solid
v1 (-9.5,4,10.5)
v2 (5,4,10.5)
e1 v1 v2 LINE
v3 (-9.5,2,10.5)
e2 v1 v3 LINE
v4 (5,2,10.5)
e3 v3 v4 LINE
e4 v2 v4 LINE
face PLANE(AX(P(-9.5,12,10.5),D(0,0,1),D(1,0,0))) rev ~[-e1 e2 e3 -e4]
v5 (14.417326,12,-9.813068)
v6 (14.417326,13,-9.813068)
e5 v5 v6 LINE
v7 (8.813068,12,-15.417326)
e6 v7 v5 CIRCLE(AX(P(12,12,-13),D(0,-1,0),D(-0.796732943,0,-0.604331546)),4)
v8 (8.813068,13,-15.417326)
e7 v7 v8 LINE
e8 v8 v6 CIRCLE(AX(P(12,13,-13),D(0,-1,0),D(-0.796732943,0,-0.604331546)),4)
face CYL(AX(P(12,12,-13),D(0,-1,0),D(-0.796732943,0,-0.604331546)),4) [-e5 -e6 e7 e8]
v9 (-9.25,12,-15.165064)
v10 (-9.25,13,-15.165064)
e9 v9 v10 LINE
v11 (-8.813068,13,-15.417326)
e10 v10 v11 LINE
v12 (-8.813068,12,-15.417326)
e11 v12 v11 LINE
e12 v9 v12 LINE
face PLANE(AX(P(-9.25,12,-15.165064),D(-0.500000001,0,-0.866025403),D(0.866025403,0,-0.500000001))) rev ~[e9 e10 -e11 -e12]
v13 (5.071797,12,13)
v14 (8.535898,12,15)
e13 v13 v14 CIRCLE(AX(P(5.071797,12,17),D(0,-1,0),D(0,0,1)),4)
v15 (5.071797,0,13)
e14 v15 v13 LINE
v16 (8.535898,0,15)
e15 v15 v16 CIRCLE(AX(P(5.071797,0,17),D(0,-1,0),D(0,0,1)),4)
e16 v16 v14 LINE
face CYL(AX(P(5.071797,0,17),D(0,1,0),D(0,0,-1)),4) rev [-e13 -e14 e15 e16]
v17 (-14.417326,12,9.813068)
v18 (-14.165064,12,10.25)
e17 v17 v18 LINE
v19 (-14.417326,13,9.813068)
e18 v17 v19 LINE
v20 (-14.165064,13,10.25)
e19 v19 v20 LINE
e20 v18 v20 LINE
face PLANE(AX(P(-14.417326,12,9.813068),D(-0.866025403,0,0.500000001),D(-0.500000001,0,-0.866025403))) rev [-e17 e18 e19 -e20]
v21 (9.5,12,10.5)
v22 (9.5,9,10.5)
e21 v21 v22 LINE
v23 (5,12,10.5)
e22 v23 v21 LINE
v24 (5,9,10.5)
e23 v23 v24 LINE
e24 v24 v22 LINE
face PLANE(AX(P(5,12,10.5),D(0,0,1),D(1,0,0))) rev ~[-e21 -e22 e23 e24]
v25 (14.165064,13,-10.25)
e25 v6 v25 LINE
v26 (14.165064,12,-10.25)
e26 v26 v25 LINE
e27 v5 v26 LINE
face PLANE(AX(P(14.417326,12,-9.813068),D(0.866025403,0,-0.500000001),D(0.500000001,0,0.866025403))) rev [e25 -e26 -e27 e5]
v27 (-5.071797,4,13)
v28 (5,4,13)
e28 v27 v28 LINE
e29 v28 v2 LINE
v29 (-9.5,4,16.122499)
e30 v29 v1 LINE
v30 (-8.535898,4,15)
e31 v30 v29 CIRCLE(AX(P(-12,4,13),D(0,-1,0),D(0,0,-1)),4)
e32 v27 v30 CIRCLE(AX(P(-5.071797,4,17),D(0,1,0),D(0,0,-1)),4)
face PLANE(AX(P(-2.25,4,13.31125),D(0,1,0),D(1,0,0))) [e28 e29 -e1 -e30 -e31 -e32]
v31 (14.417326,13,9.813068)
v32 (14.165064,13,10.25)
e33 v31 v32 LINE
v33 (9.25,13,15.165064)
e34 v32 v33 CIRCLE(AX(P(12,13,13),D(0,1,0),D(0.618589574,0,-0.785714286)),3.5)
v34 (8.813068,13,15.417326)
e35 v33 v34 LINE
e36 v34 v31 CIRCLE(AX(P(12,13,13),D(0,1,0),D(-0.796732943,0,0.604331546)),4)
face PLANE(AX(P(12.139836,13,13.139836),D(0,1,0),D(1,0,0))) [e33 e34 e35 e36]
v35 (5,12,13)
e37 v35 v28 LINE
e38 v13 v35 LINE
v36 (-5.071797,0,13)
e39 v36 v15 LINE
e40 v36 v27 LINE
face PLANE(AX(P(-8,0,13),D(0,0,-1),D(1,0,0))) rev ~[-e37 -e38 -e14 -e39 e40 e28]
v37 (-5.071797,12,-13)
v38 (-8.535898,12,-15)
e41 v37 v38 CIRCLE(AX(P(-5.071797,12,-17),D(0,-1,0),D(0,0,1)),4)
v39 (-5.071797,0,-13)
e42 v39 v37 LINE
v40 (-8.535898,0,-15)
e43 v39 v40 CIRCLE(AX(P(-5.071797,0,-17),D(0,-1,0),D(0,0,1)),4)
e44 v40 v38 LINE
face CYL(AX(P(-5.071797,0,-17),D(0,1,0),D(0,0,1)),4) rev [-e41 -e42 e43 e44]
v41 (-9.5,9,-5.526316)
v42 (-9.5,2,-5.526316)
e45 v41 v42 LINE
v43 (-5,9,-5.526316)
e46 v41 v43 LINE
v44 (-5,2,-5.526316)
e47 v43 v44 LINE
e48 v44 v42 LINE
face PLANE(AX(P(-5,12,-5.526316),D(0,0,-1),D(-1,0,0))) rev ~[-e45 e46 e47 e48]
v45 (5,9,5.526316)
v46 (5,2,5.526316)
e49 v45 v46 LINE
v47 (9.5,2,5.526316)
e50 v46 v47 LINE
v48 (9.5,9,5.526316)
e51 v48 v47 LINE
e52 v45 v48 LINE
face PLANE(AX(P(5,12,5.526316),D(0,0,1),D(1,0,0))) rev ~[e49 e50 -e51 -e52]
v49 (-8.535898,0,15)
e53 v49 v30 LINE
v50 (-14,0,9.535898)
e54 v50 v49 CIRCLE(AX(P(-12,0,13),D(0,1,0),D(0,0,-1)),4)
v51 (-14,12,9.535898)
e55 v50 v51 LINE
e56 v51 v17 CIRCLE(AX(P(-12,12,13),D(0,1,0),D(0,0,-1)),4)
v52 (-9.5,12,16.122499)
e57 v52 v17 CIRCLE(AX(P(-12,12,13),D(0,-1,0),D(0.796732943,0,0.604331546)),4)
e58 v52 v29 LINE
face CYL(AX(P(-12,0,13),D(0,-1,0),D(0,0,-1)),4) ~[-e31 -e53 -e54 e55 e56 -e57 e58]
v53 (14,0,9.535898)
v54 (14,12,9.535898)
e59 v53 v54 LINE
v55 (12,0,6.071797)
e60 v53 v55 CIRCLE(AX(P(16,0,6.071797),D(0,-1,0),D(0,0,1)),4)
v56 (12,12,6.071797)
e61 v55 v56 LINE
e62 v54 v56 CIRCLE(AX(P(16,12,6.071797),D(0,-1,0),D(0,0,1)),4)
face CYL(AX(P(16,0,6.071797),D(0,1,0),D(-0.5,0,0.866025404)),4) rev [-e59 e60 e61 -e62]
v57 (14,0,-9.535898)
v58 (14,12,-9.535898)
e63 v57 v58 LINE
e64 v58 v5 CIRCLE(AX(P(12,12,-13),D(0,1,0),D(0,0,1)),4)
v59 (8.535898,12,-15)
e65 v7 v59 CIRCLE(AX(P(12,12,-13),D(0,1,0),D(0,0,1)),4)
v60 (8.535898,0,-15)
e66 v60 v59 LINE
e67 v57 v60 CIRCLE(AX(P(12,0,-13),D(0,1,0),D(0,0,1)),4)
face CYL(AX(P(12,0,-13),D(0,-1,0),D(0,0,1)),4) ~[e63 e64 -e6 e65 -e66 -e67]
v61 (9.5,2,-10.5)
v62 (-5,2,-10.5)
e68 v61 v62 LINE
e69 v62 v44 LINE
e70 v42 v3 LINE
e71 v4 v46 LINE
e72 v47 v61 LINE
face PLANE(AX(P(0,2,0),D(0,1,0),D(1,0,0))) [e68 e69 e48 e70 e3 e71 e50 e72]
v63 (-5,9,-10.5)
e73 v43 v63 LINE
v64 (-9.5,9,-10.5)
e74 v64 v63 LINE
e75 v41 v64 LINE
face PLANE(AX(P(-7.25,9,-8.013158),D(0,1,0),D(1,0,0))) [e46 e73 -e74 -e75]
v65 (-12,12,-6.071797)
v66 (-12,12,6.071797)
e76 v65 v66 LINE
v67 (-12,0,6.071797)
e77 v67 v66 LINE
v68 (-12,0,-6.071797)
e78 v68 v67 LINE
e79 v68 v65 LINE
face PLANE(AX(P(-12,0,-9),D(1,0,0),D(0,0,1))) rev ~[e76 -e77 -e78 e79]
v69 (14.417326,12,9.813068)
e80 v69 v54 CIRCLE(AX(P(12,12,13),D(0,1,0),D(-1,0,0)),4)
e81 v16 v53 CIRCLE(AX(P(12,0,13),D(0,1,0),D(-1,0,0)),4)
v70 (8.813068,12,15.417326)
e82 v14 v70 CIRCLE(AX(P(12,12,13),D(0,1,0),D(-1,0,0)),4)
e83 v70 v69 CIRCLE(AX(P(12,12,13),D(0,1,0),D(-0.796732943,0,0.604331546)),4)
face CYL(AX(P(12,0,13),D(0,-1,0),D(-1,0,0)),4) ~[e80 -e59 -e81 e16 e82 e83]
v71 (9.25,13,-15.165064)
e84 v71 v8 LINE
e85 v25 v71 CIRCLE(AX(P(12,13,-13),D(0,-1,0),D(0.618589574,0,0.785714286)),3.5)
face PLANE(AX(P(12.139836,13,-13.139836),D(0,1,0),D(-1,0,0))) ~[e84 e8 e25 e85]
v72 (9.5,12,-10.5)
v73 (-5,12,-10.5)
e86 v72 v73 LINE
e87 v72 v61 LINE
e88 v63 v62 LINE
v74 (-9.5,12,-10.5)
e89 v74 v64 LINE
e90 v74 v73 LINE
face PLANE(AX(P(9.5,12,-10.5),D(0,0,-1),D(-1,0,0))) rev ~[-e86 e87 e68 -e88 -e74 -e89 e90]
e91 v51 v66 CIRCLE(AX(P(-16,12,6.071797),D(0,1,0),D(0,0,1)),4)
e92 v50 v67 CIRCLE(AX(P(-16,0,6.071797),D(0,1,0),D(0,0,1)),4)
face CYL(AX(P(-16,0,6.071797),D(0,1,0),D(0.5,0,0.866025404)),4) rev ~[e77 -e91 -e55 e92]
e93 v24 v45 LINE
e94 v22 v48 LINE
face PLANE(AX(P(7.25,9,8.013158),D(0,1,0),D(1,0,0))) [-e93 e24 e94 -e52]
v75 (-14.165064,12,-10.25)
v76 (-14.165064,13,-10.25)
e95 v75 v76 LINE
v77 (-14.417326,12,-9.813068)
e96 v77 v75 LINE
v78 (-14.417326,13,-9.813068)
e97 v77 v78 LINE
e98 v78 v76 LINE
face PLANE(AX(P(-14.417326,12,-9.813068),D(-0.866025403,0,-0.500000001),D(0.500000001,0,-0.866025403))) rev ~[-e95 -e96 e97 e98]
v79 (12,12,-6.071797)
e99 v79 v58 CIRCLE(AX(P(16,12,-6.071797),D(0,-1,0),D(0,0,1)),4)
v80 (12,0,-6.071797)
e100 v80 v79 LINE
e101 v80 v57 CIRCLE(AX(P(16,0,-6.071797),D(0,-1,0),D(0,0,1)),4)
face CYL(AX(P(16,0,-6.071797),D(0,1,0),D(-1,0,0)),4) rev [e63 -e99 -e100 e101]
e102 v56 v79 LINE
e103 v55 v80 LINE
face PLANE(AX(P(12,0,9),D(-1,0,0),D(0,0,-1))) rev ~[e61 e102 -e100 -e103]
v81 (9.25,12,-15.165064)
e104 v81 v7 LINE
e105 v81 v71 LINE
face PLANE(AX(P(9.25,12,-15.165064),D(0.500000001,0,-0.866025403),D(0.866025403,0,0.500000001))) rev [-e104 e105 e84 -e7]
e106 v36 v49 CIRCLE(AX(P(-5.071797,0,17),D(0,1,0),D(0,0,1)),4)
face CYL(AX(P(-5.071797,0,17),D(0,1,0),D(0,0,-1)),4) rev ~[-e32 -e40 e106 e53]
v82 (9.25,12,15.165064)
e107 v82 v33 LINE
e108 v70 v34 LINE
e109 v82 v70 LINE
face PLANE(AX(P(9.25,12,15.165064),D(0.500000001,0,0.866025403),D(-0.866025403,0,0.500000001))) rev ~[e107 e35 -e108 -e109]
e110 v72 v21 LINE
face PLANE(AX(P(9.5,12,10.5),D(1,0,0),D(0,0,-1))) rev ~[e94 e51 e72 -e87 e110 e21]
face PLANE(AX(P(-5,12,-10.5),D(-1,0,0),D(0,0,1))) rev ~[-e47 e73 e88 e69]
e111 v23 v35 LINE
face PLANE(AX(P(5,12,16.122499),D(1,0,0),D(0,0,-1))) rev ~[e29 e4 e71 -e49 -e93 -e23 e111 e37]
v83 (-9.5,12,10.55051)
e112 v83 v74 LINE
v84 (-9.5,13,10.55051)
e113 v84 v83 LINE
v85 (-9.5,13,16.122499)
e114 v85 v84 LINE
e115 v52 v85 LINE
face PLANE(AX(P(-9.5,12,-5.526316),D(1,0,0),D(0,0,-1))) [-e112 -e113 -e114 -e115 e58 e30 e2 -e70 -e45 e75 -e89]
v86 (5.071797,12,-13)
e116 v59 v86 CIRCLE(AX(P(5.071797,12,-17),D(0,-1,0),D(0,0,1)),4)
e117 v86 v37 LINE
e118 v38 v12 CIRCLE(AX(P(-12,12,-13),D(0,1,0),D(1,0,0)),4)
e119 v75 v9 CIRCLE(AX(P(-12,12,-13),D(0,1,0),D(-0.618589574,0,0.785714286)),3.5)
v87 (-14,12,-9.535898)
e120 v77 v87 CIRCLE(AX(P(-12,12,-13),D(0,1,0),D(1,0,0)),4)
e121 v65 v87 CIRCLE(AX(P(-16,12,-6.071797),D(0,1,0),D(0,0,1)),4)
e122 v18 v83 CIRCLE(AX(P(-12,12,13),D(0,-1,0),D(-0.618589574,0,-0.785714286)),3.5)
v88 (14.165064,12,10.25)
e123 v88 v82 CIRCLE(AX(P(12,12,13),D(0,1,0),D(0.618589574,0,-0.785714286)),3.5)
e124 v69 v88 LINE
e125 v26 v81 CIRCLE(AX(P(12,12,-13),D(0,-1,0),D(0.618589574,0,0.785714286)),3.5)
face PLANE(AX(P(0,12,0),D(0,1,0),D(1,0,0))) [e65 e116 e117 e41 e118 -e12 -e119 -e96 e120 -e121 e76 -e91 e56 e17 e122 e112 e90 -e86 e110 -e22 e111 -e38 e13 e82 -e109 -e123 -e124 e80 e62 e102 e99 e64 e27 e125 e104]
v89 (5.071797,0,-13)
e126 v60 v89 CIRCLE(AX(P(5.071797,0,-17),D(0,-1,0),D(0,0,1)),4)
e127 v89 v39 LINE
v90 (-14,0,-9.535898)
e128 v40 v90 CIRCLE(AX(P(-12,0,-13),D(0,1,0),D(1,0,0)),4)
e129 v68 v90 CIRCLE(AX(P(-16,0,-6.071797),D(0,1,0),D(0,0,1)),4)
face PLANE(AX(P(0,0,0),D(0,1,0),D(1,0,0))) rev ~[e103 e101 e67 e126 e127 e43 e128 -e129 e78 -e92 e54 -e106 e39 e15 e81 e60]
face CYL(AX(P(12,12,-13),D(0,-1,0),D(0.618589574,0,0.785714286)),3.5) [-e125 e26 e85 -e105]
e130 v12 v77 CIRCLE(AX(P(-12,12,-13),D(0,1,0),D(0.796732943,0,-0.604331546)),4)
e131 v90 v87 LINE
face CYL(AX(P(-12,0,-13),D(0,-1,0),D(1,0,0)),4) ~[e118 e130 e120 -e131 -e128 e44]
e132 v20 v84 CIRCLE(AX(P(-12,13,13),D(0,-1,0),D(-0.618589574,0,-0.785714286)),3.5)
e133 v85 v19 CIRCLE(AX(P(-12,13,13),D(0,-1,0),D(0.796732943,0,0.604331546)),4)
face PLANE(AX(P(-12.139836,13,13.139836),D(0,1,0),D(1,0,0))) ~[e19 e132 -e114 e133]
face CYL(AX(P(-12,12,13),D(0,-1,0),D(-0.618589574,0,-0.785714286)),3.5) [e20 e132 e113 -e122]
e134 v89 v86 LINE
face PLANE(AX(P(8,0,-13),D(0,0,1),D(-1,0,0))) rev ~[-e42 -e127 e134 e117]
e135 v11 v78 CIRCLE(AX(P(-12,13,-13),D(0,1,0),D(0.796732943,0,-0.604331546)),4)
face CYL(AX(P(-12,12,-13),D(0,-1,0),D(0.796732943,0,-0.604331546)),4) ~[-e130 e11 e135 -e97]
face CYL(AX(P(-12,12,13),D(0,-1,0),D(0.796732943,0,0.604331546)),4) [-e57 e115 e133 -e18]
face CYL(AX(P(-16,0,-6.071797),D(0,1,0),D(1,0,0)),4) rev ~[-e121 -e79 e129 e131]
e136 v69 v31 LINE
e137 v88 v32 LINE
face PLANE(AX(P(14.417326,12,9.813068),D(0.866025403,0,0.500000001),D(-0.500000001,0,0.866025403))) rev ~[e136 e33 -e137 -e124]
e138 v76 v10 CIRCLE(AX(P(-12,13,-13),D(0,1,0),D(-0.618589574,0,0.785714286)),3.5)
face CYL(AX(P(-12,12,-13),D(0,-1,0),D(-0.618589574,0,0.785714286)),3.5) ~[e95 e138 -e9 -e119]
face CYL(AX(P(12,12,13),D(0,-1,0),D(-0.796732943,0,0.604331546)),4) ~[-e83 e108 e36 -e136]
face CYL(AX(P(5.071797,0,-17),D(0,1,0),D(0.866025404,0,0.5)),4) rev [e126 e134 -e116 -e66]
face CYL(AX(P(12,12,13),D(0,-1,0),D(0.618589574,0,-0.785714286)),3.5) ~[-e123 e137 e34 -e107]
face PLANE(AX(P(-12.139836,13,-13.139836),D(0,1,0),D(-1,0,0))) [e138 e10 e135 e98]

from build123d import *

# Parameters (mm, degrees)
BOSS_EXTRUDE1_DEPTH     = 12
CUT_EXTRUDE1_DEPTH      = 10
FILLET1_R               = 4
BOSS_EXTRUDE3_DEPTH     = 1
MIRROR2_COPY_1_DEPTH    = 1
SKETCH3_W               = 14.5
SKETCH3_H               = 5.622498999
CUT_EXTRUDE2_DEPTH      = 2
CUT_EXTRUDE2_DEPTH_BACK = 8
SKETCH4_W               = 4.5
SKETCH4_H               = 4.973684211
CUT_EXTRUDE3_DEPTH      = 3


with BuildPart() as part:
    # Sketch1 → Boss-Extrude1 (new body)
    with BuildSketch(Plane(origin=(0, 0, 0), x_dir=(1, 0, 0), z_dir=(0, 1, 0))):
        with BuildLine():
            Line((-8, -13), (8, -13))
            ThreePointArc((8, -13), (14.828427125, -15.828427125), (12, -9))
            Line((12, -9), (12, 9))
            ThreePointArc((12, 9), (14.828427125, 15.828427125), (8, 13))
            Line((8, 13), (-8, 13))
            ThreePointArc((-8, 13), (-14.828427125, 15.828427125), (-12, 9))
            Line((-12, 9), (-12, -9))
            ThreePointArc((-12, -9), (-14.828427125, -15.828427125), (-8, -13))
        make_face()
    extrude(amount=BOSS_EXTRUDE1_DEPTH)

    # Sketch2 → Cut-Extrude1 (cut)
    with BuildSketch(Plane(origin=(0, 12, 0), x_dir=(1, 0, 0), z_dir=(0, 1, 0))):
        Polygon((-9.5, -10.5), (5, -10.5), (5, -5.526315789), (9.5, -5.526315789), (9.5, 10.5), (-5, 10.5), (-5, 5.526315789), (-9.5, 5.526315789), align=None)
    extrude(amount=-CUT_EXTRUDE1_DEPTH, mode=Mode.SUBTRACT)

    # Fillet1
    fillet1_edges = [part.edges().sort_by_distance(p)[0] for p in [
        (12, 6, -9),
        (12, 6, 9),
        (8, 6, 13),
        (-8, 6, 13),
        (-12, 6, 9),
        (-12, 6, -9),
        (-8, 6, -13),
        (8, 6, -13),
    ]]
    fillet(fillet1_edges, radius=FILLET1_R)

    # Sketch10 → Boss-Extrude3 (add)
    with BuildSketch(Plane(origin=(0, 12, 0), x_dir=(1, 0, 0), z_dir=(0, 1, 0))):
        with BuildLine():
            Line((14.417326185, -9.813068229), (14.165063509, -10.25))
            ThreePointArc((14.165063509, -10.25), (9.525126266, -10.525126266), (9.25, -15.165063509))
            Line((9.25, -15.165063509), (8.813068229, -15.417326185))
            ThreePointArc((8.813068229, -15.417326185), (14.828427125, -15.828427125), (14.417326185, -9.813068229))
        make_face()
    boss_extrude3 = extrude(amount=BOSS_EXTRUDE3_DEPTH)

    # Mirror1: Boss-Extrude3 across plane
    add(boss_extrude3.mirror(Plane(origin=(0, 0, 0), x_dir=(0, 0, 1), z_dir=(1, 0, 0))))

    # Mirror2: Boss-Extrude3 across plane
    add(boss_extrude3.mirror(Plane.XY))

    # Mirror2 copy 1 sketch → Mirror2 copy 1 (add)
    with BuildSketch(Plane(origin=(0, 12, 0), x_dir=(-1, 0, 0), z_dir=(0, 1, 0))):
        with BuildLine():
            Line((14.417326185, -9.813068229), (14.165063509, -10.25))
            ThreePointArc((14.165063509, -10.25), (9.525126266, -10.525126266), (9.25, -15.165063509))
            Line((9.25, -15.165063509), (8.813068229, -15.417326185))
            ThreePointArc((8.813068229, -15.417326185), (14.828427125, -15.828427125), (14.417326185, -9.813068229))
        make_face()
    extrude(amount=MIRROR2_COPY_1_DEPTH)

    # Sketch3 → Cut-Extrude2 (cut, two sides)
    with BuildSketch(Plane(origin=(0, 12, 0), x_dir=(1, 0, 0), z_dir=(0, 1, 0))) as cut_extrude2_sk:
        with Locations((-2.25, -13.3112495)):
            Rectangle(SKETCH3_W, SKETCH3_H)
    extrude(amount=CUT_EXTRUDE2_DEPTH, mode=Mode.SUBTRACT)
    extrude(cut_extrude2_sk.sketch, amount=-CUT_EXTRUDE2_DEPTH_BACK, mode=Mode.SUBTRACT)

    # Sketch4 → Cut-Extrude3 (cut)
    with BuildSketch(Plane(origin=(0, 12, 0), x_dir=(1, 0, 0), z_dir=(0, 1, 0))):
        with Locations((-7.25, 8.013157895)):
            Rectangle(SKETCH4_W, SKETCH4_H)
        with Locations((7.25, -8.013157895)):
            Rectangle(SKETCH4_W, SKETCH4_H)
    extrude(amount=-CUT_EXTRUDE3_DEPTH, mode=Mode.SUBTRACT)


solid = part.part
